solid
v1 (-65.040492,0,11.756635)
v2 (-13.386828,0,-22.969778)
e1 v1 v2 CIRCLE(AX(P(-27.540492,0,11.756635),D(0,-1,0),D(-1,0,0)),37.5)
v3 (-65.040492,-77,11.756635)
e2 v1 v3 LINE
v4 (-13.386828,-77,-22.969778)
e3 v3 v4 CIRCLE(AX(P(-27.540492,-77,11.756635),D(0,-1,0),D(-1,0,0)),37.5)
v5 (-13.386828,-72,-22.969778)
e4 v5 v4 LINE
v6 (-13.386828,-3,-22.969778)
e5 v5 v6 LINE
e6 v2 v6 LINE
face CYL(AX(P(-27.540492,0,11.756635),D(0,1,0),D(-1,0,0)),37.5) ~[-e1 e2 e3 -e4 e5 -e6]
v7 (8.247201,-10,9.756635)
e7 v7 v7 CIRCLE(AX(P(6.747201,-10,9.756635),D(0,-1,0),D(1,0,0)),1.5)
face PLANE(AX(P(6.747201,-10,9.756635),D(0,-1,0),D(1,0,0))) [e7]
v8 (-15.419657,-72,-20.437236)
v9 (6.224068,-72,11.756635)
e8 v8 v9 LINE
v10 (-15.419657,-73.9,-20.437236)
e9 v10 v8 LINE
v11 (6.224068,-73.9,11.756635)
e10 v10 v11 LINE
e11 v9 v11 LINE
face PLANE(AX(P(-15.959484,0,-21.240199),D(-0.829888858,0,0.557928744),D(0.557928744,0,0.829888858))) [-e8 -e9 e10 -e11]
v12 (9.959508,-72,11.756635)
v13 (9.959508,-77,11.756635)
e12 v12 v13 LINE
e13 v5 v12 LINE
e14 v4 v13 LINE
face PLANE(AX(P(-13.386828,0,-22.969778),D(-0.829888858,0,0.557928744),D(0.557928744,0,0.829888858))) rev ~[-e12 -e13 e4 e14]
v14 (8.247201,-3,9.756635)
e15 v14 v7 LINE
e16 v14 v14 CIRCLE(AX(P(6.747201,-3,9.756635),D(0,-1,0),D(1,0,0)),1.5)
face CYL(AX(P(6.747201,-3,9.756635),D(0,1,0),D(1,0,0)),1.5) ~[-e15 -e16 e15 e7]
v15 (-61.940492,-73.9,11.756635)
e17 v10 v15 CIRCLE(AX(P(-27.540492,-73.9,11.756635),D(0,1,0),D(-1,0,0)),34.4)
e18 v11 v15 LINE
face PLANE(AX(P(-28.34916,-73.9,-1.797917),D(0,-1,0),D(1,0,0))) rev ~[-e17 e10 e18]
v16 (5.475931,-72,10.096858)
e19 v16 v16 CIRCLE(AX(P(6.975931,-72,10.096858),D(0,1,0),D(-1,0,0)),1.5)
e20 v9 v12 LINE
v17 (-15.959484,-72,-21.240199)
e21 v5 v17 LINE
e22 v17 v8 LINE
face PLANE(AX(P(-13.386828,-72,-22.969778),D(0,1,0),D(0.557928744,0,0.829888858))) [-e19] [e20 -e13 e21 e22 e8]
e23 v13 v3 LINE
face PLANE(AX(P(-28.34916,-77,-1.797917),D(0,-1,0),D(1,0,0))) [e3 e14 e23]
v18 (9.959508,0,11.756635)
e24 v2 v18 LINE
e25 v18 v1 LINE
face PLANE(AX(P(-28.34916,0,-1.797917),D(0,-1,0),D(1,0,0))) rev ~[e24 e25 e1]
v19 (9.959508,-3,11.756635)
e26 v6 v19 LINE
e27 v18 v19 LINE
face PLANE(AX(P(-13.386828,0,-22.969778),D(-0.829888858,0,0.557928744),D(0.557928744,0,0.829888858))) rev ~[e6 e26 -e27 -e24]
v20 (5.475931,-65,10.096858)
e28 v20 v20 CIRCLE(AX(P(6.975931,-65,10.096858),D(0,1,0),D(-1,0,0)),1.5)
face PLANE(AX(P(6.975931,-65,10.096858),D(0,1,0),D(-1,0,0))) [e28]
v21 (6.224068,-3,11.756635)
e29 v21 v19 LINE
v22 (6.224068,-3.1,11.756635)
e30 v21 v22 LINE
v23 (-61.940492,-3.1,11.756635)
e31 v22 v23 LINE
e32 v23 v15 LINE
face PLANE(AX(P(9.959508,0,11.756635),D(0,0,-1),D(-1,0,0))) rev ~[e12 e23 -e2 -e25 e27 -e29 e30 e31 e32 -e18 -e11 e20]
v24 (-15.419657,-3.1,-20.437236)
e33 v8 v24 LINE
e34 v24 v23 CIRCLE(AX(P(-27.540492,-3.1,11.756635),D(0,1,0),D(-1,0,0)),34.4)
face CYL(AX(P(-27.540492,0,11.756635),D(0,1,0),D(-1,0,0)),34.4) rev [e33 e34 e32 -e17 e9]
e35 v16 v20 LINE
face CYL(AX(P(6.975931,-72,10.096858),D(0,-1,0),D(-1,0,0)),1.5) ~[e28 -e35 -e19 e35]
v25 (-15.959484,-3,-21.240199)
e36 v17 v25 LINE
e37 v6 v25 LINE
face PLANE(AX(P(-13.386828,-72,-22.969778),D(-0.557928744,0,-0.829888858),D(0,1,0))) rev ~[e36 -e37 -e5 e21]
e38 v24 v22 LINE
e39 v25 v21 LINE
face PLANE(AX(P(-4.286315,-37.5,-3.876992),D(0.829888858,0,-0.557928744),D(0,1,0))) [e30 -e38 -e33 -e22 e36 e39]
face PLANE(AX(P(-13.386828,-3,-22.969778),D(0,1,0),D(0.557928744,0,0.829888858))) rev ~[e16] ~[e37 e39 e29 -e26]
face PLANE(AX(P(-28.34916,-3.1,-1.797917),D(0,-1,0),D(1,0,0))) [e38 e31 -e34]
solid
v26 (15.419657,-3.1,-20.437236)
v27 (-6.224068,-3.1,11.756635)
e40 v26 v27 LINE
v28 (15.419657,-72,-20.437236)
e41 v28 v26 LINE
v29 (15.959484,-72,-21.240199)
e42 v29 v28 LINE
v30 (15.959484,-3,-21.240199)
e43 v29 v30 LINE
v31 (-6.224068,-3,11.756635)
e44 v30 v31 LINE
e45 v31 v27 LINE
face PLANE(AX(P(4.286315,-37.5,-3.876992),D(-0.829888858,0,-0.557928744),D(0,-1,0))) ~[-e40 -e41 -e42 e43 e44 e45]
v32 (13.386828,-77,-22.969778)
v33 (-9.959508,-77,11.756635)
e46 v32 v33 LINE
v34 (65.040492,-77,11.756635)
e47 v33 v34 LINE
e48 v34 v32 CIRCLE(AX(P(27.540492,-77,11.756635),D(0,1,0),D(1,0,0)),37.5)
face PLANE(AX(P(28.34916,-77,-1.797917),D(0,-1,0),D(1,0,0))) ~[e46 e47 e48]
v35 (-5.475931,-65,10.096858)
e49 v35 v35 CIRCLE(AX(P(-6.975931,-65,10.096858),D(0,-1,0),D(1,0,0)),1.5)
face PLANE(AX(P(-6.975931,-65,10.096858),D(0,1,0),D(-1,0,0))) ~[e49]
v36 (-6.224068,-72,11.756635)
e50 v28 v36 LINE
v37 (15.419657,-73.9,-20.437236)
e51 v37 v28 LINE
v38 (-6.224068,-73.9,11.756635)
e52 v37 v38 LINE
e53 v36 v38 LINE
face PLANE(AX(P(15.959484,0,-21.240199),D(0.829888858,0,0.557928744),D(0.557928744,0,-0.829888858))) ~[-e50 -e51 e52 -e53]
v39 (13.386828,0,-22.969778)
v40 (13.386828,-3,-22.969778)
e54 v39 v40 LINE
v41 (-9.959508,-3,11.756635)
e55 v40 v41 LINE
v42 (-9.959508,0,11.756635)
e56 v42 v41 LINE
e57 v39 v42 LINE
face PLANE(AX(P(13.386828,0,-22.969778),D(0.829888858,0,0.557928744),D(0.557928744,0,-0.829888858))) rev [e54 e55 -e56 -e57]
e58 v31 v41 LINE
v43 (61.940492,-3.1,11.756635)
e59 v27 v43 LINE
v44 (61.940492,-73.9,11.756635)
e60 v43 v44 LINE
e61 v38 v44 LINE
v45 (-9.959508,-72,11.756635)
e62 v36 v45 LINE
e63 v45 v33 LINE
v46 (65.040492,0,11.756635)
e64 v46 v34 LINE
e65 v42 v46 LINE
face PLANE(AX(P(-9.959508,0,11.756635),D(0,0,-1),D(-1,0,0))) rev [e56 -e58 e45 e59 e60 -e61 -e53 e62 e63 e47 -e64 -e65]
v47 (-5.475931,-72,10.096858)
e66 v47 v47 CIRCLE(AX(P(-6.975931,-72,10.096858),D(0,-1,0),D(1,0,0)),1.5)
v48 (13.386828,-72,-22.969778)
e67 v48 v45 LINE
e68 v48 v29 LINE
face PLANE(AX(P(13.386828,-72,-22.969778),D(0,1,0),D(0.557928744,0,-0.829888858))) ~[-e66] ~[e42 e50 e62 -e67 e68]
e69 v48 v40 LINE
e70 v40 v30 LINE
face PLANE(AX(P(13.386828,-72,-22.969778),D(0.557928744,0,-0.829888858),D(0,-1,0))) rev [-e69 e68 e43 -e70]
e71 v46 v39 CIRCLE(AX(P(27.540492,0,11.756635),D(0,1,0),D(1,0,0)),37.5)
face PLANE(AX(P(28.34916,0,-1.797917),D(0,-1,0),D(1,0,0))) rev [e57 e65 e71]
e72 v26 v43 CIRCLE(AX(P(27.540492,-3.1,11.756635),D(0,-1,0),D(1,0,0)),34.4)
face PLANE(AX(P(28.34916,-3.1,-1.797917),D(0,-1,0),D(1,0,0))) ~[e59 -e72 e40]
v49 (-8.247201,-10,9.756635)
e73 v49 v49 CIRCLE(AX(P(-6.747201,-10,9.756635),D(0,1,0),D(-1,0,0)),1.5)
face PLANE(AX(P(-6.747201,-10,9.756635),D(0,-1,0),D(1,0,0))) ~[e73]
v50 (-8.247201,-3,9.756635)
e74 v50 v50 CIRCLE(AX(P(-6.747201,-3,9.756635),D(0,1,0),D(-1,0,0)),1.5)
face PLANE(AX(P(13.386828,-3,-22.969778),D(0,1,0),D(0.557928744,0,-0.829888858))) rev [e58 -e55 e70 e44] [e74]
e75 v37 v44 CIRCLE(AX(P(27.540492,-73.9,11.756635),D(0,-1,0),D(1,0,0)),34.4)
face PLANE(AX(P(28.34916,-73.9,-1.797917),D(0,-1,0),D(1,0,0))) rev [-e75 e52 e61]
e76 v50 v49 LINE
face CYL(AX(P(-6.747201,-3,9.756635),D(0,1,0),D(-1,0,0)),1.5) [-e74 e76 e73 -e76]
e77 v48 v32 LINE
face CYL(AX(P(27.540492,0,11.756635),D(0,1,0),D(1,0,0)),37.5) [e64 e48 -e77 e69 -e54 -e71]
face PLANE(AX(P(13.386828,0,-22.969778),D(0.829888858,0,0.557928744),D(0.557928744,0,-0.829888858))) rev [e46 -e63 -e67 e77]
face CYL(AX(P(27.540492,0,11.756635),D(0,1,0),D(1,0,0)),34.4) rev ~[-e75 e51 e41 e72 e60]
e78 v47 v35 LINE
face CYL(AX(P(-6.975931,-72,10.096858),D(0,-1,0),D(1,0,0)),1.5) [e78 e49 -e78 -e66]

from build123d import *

# Parameters (mm, degrees)
F1_DEPTH = 77
F2_T     = -3.1
F3_W     = 69
F3_H     = 41.8446557946
F4_DEPTH = 3.1
F6_R     = 1.5
F7_DEPTH = 7
F5_R     = 1.5
F8_DEPTH = 7


with BuildPart() as f1:
    # F0 (on Front) → F1 (new body)
    with BuildSketch(Plane.XZ):
        with BuildLine():
            Line((-27.5404918939, 11.756635271), (-65.0404918939, 11.756635271))
            ThreePointArc((-65.0404918939, 11.756635271), (-48.4628197912, -19.3641969055), (-13.3868281415, -22.9697783415))
            Line((-13.3868281415, -22.9697783415), (9.9595081061, 11.756635271))
            Line((9.9595081061, 11.756635271), (-27.5404918939, 11.756635271))
        make_face()
    extrude(amount=F1_DEPTH)

    # F2
    f2_openings = [f1.faces().sort_by_distance(p)[0] for p in [
        (-27.540492, -38.5, 11.756635),
    ]]
    offset(amount=F2_T, openings=f2_openings)

    # F3 (on face) → F4 (cut)
    with BuildSketch(Plane(origin=(1.4157240499, 0, -0.9517818359), x_dir=(0, 1, 0), z_dir=(0.829888858, 0, -0.5579287439))):
        with Locations((-37.5, -5.6089314301)):
            Rectangle(F3_W, F3_H)
    extrude(amount=-F4_DEPTH, mode=Mode.SUBTRACT)

    # F6 (on face) → F7 (join)
    with BuildSketch(Plane.XZ.offset(3)):
        with Locations((6.7472014677, 9.756635271)):
            Circle(F6_R)
    extrude(amount=F7_DEPTH)

    # F5 (on face) → F8 (join)
    with BuildSketch(Plane(origin=(0, -72, 0), x_dir=(-1, 0, 0), z_dir=(0, 1, 0))):
        with Locations((-6.9759306399, 10.0968575549)):
            Circle(F5_R)
    extrude(amount=F8_DEPTH)


with BuildPart() as f9_1:
    # F9: instance of F1
    add(f1.part.mirror(Plane.YZ))


solid = Compound([f1.part, f9_1.part])
